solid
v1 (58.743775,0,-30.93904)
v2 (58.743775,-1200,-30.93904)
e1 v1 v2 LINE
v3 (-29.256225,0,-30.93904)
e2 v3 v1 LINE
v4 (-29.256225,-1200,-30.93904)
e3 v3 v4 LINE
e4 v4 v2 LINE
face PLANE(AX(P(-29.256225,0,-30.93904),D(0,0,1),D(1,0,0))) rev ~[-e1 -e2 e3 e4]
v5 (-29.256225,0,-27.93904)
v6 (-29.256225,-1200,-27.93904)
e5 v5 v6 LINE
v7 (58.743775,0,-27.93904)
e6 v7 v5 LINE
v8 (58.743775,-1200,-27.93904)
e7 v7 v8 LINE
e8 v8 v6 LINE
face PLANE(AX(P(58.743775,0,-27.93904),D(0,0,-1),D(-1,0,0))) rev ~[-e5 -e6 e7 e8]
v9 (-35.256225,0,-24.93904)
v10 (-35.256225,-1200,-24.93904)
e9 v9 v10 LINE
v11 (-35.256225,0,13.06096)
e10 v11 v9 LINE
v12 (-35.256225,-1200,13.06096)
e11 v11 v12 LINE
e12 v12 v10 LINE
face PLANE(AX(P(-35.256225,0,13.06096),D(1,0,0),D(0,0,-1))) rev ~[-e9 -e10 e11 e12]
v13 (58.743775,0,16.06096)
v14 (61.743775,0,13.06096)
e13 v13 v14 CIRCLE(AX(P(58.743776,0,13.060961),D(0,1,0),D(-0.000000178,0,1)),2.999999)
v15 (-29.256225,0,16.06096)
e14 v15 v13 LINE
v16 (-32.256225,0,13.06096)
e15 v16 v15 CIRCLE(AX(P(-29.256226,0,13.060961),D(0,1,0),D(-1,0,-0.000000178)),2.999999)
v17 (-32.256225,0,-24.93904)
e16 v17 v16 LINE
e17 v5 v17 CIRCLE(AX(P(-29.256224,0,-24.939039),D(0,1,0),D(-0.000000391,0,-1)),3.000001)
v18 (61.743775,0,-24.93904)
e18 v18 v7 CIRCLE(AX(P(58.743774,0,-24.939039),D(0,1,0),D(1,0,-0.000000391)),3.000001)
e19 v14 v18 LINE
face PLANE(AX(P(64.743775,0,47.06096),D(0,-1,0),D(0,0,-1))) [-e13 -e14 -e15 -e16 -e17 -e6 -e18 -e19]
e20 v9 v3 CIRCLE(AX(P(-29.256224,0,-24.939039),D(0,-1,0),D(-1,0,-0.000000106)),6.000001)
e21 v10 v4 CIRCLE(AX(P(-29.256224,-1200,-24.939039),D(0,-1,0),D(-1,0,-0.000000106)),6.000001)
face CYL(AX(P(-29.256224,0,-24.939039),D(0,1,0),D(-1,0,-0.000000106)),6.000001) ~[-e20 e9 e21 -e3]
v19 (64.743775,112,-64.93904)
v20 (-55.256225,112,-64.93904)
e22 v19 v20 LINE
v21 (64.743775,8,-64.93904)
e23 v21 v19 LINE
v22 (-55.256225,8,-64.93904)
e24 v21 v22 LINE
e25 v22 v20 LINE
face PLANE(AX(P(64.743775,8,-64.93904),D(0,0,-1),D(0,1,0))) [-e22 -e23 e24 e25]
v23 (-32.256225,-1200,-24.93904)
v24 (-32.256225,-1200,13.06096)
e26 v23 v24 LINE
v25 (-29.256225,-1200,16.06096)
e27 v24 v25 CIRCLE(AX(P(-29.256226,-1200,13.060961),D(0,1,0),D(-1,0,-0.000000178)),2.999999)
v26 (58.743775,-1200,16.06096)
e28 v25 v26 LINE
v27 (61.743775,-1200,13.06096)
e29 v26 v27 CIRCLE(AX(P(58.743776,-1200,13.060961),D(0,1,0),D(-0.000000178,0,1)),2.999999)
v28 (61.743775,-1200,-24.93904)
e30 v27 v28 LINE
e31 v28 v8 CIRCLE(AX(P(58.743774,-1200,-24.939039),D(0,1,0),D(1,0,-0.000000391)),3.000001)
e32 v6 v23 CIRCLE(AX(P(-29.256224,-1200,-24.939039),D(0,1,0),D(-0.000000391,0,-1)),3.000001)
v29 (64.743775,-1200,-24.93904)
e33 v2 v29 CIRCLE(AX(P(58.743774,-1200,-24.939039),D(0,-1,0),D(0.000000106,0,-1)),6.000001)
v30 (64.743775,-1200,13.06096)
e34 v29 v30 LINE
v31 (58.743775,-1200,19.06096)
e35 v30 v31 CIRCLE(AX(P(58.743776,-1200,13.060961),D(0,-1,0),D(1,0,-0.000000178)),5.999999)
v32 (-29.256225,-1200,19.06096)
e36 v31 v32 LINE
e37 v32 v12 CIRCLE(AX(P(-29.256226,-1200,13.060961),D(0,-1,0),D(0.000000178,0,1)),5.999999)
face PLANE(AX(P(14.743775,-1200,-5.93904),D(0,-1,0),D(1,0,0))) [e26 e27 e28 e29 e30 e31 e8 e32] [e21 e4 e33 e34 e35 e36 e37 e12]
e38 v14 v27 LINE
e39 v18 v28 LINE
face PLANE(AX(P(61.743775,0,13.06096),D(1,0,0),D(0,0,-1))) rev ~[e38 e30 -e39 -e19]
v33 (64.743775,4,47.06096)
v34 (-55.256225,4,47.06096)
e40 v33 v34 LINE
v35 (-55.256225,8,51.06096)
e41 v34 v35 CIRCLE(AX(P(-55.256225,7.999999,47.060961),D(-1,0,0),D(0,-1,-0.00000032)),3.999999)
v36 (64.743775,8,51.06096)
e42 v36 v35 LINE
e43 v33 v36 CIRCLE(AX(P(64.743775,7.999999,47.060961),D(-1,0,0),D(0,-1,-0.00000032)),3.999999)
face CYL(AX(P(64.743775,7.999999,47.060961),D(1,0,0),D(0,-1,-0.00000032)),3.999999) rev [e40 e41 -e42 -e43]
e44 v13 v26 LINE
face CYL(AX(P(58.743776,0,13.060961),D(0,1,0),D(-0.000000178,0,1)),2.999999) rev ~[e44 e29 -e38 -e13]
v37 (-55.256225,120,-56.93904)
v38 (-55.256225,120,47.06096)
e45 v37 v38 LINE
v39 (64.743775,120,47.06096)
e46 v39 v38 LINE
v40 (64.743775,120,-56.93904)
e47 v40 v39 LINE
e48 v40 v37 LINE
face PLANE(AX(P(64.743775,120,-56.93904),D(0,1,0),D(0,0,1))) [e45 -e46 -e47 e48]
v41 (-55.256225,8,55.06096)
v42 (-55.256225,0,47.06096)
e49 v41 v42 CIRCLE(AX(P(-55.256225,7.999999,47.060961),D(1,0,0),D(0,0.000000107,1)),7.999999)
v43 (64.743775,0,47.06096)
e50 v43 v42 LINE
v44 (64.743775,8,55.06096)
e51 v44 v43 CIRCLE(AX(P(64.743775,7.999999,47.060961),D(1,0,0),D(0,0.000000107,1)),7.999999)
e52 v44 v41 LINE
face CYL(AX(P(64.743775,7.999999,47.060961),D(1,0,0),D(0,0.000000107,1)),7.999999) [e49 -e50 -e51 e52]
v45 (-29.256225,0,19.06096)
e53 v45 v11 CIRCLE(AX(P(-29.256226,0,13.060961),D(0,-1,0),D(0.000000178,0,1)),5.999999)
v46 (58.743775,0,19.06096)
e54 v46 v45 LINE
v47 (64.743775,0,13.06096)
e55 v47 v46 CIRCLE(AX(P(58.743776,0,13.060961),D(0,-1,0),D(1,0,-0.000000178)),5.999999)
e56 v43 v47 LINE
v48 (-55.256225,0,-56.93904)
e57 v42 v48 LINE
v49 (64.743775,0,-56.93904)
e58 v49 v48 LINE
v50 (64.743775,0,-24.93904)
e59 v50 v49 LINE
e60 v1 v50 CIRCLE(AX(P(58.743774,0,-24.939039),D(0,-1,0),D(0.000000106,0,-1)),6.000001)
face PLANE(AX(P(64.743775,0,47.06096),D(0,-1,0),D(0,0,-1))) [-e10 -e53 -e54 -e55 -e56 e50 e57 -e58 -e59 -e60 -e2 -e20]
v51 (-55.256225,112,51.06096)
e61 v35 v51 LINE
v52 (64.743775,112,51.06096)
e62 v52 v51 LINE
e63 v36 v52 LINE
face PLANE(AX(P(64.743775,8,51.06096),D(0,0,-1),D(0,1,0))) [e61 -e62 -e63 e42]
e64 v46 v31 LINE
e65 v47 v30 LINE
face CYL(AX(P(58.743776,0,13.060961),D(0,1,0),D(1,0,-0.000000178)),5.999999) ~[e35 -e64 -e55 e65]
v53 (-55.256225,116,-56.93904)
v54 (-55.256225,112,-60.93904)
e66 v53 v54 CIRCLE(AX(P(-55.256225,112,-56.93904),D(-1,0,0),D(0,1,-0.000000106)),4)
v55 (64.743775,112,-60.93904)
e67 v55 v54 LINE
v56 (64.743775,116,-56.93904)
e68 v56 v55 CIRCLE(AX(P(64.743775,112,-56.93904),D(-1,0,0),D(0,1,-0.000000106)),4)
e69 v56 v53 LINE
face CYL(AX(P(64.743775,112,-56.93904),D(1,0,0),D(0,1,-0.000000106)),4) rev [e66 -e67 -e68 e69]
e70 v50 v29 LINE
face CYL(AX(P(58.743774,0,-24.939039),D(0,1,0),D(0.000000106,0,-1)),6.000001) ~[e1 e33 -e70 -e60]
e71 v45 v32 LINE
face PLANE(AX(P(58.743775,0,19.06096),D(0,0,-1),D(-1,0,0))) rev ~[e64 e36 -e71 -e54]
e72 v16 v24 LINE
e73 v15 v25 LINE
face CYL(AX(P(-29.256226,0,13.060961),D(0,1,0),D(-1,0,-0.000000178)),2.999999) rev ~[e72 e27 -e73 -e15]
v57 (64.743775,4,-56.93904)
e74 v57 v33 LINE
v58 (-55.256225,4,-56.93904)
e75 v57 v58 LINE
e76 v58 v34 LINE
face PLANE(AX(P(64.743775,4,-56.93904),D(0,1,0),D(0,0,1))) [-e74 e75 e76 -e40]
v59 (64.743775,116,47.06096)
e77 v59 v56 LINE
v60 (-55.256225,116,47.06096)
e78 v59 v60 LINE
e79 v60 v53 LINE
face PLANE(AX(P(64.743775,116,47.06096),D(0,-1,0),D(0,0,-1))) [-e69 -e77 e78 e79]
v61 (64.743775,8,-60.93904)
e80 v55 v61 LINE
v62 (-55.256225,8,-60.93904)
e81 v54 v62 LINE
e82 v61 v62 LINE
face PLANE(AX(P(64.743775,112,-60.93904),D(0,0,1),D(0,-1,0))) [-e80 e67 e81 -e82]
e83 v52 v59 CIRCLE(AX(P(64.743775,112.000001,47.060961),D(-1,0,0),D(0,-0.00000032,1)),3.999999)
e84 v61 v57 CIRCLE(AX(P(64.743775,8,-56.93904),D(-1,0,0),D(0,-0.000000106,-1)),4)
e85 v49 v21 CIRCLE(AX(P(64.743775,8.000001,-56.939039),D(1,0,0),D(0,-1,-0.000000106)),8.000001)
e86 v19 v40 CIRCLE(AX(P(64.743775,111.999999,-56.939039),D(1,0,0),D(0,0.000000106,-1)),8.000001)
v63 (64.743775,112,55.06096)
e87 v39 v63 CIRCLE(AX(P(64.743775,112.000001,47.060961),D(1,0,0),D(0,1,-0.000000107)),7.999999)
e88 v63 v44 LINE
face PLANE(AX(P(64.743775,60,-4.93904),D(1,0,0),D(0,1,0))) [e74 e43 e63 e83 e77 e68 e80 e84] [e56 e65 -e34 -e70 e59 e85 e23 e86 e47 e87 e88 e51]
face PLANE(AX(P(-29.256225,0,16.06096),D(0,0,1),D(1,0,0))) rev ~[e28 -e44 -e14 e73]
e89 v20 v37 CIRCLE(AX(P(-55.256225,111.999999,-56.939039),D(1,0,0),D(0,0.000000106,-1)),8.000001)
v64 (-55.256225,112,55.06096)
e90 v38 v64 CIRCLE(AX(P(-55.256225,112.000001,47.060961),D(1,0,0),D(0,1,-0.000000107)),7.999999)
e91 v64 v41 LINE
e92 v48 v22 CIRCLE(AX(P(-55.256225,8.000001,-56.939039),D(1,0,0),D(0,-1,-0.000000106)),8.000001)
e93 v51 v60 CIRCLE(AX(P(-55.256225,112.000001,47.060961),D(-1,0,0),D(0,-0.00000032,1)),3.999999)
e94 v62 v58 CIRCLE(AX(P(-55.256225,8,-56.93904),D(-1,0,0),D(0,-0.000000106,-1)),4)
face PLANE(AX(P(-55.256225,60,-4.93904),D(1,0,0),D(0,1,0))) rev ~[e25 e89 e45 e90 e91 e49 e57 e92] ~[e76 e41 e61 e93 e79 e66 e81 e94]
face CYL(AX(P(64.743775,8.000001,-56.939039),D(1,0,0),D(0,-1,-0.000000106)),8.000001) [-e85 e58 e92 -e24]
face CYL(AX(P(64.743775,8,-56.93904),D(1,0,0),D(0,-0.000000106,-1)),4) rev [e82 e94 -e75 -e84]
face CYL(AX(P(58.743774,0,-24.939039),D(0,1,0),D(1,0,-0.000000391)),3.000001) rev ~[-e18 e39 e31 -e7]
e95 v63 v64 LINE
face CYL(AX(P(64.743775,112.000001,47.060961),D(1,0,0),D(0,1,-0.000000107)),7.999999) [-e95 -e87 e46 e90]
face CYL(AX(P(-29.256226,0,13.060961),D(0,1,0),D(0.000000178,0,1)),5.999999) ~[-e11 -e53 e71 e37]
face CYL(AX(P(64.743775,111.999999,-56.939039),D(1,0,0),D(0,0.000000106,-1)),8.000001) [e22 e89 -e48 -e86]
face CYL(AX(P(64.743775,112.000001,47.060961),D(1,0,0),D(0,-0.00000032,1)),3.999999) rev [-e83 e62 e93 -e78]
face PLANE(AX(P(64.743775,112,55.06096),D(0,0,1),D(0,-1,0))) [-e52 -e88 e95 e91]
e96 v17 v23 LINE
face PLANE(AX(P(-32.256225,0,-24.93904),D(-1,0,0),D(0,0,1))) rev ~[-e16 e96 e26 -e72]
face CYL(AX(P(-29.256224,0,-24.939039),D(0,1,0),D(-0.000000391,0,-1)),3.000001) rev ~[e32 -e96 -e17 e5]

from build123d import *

# Parameters (mm, degrees)
F1_DEPTH = 1200
F3_DEPTH = 120


with BuildPart() as f1:
    # F0 (on Front) → F1 (new body)
    with BuildSketch(Plane.XZ):
        with BuildLine():
            Line((58.743775, 19.06096), (-29.256225, 19.06096))
            ThreePointArc((-29.256225, 19.06096), (-33.498866, 17.303601), (-35.256225, 13.06096))
            Line((-35.256225, 13.06096), (-35.256225, -24.93904))
            ThreePointArc((-35.256225, -24.93904), (-33.498866, -29.18168), (-29.256225, -30.93904))
            Line((-29.256225, -30.93904), (58.743775, -30.93904))
            ThreePointArc((58.743775, -30.93904), (62.986416, -29.18168), (64.743775, -24.93904))
            Line((64.743775, -24.93904), (64.743775, 13.06096))
            ThreePointArc((64.743775, 13.06096), (62.986416, 17.303601), (58.743775, 19.06096))
        make_face()
        with BuildLine():
            ThreePointArc((-32.256225, 13.06096), (-31.377545, 15.182281), (-29.256225, 16.06096))
            Line((-29.256225, 16.06096), (58.743775, 16.06096))
            ThreePointArc((58.743775, 16.06096), (60.865095, 15.182281), (61.743775, 13.06096))
            Line((61.743775, 13.06096), (61.743775, -24.93904))
            ThreePointArc((61.743775, -24.93904), (60.865095, -27.06036), (58.743775, -27.93904))
            Line((58.743775, -27.93904), (-29.256225, -27.93904))
            ThreePointArc((-29.256225, -27.93904), (-31.377545, -27.06036), (-32.256225, -24.93904))
            Line((-32.256225, -24.93904), (-32.256225, 13.06096))
        make_face(mode=Mode.SUBTRACT)
    extrude(amount=F1_DEPTH)

    # F2 (on face) → F3 (join)
    with BuildSketch(Plane.YZ.offset(64.743775)):
        with BuildLine():
            Line((112, 55.06096), (8, 55.06096))
            ThreePointArc((8, 55.06096), (2.343146, 52.717815), (0, 47.06096))
            Line((0, 47.06096), (0, -56.93904))
            ThreePointArc((0, -56.93904), (2.343146, -62.595894), (8, -64.93904))
            Line((8, -64.93904), (112, -64.93904))
            ThreePointArc((112, -64.93904), (117.656854, -62.595894), (120, -56.93904))
            Line((120, -56.93904), (120, 47.06096))
            ThreePointArc((120, 47.06096), (117.656854, 52.717815), (112, 55.06096))
        make_face()
        with BuildLine():
            ThreePointArc((4, 47.06096), (5.171573, 49.889388), (8, 51.06096))
            Line((8, 51.06096), (112, 51.06096))
            ThreePointArc((112, 51.06096), (114.828427, 49.889388), (116, 47.06096))
            Line((116, 47.06096), (116, -56.93904))
            ThreePointArc((116, -56.93904), (114.828427, -59.767467), (112, -60.93904))
            Line((112, -60.93904), (8, -60.93904))
            ThreePointArc((8, -60.93904), (5.171573, -59.767467), (4, -56.93904))
            Line((4, -56.93904), (4, 47.06096))
        make_face(mode=Mode.SUBTRACT)
    extrude(amount=-F3_DEPTH)


solid = f1.part
